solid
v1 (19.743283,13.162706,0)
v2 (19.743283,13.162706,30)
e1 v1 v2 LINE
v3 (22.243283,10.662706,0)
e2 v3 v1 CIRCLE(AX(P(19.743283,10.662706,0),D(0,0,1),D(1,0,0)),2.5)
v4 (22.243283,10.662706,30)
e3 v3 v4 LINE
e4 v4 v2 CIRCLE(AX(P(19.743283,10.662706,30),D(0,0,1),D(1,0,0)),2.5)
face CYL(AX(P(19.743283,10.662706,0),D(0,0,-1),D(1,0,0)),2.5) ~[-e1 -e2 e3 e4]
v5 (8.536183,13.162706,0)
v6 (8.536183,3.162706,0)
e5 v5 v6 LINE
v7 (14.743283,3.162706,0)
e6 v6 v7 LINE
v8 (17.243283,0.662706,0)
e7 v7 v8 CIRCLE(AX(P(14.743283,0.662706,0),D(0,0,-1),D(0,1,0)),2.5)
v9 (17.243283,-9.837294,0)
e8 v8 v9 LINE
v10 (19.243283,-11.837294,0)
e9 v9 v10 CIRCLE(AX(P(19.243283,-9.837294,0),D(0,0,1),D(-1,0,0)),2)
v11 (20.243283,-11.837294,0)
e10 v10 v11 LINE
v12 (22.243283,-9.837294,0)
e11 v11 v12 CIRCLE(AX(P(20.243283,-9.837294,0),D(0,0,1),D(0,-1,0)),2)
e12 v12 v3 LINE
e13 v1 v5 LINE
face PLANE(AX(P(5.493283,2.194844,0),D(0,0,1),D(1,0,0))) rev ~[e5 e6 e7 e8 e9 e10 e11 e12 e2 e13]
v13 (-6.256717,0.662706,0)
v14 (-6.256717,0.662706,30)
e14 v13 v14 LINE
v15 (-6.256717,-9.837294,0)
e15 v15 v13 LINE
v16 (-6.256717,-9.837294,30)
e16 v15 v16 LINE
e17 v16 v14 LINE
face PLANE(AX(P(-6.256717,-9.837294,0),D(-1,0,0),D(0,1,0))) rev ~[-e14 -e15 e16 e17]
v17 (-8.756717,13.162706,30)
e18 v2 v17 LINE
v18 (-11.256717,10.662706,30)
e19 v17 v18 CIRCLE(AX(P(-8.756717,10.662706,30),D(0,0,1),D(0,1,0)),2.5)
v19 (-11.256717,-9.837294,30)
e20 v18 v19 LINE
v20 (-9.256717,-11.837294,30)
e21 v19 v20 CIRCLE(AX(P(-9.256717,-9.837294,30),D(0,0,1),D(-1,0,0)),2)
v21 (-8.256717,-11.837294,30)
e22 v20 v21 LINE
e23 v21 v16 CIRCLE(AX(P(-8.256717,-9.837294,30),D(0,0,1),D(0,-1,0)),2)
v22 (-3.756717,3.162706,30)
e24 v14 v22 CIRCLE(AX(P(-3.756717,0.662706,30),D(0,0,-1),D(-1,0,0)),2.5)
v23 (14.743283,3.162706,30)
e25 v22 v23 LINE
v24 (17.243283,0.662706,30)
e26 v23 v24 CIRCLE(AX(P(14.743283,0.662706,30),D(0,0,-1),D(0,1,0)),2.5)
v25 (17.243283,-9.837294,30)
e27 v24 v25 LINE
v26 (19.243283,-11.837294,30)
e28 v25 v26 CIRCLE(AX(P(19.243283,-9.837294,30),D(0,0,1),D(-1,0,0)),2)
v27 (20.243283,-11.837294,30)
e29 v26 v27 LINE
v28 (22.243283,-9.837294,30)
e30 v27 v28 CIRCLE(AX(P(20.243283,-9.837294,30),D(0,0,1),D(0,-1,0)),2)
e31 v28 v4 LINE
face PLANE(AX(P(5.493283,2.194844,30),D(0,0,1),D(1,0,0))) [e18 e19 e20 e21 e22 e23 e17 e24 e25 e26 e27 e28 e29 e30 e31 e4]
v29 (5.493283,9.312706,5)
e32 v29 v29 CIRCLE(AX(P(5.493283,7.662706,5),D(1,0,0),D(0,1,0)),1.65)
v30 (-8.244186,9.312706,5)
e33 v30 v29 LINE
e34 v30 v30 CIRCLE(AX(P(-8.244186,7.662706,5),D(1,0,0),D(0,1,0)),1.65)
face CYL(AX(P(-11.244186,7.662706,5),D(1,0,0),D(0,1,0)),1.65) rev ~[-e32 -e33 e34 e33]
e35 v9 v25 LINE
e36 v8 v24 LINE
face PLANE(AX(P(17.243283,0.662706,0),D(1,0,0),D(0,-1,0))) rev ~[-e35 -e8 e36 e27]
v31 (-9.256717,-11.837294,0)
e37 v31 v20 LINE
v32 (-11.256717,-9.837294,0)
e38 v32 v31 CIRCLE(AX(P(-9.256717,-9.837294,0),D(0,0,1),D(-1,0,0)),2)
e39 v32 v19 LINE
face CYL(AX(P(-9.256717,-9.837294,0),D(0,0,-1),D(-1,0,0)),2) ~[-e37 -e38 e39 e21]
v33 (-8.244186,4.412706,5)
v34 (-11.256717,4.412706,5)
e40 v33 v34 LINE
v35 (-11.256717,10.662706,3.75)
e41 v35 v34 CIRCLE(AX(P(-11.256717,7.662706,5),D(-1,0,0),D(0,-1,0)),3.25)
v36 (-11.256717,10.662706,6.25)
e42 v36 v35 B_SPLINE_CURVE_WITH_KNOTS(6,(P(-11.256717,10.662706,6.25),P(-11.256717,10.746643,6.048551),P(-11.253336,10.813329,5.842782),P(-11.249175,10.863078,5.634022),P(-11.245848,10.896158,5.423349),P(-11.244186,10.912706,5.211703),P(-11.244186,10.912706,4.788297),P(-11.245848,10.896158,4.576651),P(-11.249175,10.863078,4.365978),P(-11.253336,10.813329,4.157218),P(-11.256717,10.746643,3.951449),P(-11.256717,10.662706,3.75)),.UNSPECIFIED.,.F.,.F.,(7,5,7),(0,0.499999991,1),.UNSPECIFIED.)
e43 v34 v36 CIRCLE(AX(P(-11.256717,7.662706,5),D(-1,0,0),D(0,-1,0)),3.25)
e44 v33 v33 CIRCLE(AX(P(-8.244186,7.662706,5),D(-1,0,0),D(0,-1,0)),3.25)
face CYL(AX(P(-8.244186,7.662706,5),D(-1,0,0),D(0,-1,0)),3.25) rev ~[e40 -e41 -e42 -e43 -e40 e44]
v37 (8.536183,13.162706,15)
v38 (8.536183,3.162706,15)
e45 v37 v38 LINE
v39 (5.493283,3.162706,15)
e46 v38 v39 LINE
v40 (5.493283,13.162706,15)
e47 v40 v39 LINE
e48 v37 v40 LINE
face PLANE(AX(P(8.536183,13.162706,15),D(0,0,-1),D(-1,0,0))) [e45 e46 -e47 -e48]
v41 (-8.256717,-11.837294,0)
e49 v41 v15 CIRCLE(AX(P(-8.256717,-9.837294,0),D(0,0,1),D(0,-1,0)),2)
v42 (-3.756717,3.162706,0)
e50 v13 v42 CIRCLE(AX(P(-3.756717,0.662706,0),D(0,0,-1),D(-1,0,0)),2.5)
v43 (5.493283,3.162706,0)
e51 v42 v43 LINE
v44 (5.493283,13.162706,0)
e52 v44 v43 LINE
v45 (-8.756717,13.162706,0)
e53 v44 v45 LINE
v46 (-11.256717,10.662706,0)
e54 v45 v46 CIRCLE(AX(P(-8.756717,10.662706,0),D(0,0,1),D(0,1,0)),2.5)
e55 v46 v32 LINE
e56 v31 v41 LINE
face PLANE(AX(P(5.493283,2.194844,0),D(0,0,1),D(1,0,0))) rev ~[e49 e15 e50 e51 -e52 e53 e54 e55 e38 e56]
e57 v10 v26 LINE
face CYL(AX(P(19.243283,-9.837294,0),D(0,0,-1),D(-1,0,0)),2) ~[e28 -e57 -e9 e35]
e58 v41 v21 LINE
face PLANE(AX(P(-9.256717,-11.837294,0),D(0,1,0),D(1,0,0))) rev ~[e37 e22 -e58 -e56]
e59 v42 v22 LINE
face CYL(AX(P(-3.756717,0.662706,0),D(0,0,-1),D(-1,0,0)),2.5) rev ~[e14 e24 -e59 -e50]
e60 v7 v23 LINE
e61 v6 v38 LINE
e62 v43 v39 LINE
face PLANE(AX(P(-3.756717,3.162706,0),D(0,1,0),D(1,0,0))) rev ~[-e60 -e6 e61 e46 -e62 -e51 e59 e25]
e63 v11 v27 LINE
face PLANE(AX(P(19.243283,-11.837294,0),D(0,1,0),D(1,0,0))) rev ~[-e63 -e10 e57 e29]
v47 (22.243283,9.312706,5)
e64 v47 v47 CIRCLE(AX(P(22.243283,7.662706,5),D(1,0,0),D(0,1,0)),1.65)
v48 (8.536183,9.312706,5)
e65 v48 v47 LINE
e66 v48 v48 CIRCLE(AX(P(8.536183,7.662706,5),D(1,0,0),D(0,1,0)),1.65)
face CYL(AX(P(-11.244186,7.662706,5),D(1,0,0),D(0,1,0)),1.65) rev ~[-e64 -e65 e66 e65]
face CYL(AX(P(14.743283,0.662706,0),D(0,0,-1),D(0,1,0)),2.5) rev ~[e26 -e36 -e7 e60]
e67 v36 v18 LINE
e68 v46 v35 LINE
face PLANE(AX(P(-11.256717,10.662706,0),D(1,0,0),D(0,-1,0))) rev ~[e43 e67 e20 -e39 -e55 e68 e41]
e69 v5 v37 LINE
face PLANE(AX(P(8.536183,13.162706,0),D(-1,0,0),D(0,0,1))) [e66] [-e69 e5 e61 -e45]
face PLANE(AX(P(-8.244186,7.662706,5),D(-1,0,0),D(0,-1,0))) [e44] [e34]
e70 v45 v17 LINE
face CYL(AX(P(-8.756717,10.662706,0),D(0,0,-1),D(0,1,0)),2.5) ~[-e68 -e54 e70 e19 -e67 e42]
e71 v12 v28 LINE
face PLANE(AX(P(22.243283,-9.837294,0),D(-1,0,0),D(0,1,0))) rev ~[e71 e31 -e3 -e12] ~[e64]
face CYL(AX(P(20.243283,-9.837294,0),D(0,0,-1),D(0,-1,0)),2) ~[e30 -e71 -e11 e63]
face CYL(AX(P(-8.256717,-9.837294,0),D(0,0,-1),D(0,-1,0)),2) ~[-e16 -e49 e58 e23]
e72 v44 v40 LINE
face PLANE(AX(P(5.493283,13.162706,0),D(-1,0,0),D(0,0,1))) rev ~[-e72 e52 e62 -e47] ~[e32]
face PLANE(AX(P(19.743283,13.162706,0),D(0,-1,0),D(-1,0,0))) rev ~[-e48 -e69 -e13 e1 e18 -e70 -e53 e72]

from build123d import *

# Parameters (mm, degrees)
F1_DEPTH       = 30
F2_W           = 3.0429003396
F2_H           = 15
F3_DEPTH       = 25.001
F5_D           = 3.3
F5_START       = 0.0125315
F5_CBORE_D     = 6.5
F5_CBORE_DEPTH = 3


with BuildPart() as f1:
    # F0 (on Top) → F1 (new body)
    with BuildSketch(Plane.XY):
        with BuildLine():
            ThreePointArc((-11.2567170643, -9.8372937679), (-10.6709306267, -11.2515073303), (-9.2567170643, -11.8372937679))
            Line((-9.2567170643, -11.8372937679), (-8.2567170643, -11.8372937679))
            ThreePointArc((-8.2567170643, -11.8372937679), (-6.8425035019, -11.2515073303), (-6.2567170643, -9.8372937679))
            Line((-6.2567170643, -9.8372937679), (-6.2567170643, 0.6627062321))
            ThreePointArc((-6.2567170643, 0.6627062321), (-5.5244840173, 2.430473185), (-3.7567170643, 3.1627062321))
            Line((-3.7567170643, 3.1627062321), (14.7432829357, 3.1627062321))
            ThreePointArc((14.7432829357, 3.1627062321), (16.5110498887, 2.430473185), (17.2432829357, 0.6627062321))
            Line((17.2432829357, 0.6627062321), (17.2432829357, -9.8372937679))
            ThreePointArc((17.2432829357, -9.8372937679), (17.8290693733, -11.2515073303), (19.2432829357, -11.8372937679))
            Line((19.2432829357, -11.8372937679), (20.2432829357, -11.8372937679))
            ThreePointArc((20.2432829357, -11.8372937679), (21.6574964981, -11.2515073303), (22.2432829357, -9.8372937679))
            Line((22.2432829357, -9.8372937679), (22.2432829357, 10.6627062321))
            ThreePointArc((22.2432829357, 10.6627062321), (21.5110498887, 12.430473185), (19.7432829357, 13.1627062321))
            Line((19.7432829357, 13.1627062321), (-8.7567170643, 13.1627062321))
            ThreePointArc((-8.7567170643, 13.1627062321), (-10.5244840173, 12.430473185), (-11.2567170643, 10.6627062321))
            Line((-11.2567170643, 10.6627062321), (-11.2567170643, -9.8372937679))
        make_face()
    extrude(amount=F1_DEPTH)

    # F2 (on face) → F3 (cut, through all)
    with BuildSketch(Plane(origin=(0, 13.1627062321, 0), x_dir=(-1, 0, 0), z_dir=(0, 1, 0))):
        with Locations((-7.0147331055, 7.5)):
            Rectangle(F2_W, F2_H)
    extrude(amount=-F3_DEPTH, mode=Mode.SUBTRACT)

    # F5 (through all)
    # its depths count from where the whole tool has entered the part; down to there all is cleared
    with Locations(Plane(origin=(-11.2567170643, 0, 0), x_dir=(0, -1, 0), z_dir=(-1, 0, 0)).offset(-F5_START)):
        with Locations((-7.6627062321, 5)):
            CounterBoreHole(F5_D / 2, F5_CBORE_D / 2, F5_CBORE_DEPTH)


solid = f1.part
